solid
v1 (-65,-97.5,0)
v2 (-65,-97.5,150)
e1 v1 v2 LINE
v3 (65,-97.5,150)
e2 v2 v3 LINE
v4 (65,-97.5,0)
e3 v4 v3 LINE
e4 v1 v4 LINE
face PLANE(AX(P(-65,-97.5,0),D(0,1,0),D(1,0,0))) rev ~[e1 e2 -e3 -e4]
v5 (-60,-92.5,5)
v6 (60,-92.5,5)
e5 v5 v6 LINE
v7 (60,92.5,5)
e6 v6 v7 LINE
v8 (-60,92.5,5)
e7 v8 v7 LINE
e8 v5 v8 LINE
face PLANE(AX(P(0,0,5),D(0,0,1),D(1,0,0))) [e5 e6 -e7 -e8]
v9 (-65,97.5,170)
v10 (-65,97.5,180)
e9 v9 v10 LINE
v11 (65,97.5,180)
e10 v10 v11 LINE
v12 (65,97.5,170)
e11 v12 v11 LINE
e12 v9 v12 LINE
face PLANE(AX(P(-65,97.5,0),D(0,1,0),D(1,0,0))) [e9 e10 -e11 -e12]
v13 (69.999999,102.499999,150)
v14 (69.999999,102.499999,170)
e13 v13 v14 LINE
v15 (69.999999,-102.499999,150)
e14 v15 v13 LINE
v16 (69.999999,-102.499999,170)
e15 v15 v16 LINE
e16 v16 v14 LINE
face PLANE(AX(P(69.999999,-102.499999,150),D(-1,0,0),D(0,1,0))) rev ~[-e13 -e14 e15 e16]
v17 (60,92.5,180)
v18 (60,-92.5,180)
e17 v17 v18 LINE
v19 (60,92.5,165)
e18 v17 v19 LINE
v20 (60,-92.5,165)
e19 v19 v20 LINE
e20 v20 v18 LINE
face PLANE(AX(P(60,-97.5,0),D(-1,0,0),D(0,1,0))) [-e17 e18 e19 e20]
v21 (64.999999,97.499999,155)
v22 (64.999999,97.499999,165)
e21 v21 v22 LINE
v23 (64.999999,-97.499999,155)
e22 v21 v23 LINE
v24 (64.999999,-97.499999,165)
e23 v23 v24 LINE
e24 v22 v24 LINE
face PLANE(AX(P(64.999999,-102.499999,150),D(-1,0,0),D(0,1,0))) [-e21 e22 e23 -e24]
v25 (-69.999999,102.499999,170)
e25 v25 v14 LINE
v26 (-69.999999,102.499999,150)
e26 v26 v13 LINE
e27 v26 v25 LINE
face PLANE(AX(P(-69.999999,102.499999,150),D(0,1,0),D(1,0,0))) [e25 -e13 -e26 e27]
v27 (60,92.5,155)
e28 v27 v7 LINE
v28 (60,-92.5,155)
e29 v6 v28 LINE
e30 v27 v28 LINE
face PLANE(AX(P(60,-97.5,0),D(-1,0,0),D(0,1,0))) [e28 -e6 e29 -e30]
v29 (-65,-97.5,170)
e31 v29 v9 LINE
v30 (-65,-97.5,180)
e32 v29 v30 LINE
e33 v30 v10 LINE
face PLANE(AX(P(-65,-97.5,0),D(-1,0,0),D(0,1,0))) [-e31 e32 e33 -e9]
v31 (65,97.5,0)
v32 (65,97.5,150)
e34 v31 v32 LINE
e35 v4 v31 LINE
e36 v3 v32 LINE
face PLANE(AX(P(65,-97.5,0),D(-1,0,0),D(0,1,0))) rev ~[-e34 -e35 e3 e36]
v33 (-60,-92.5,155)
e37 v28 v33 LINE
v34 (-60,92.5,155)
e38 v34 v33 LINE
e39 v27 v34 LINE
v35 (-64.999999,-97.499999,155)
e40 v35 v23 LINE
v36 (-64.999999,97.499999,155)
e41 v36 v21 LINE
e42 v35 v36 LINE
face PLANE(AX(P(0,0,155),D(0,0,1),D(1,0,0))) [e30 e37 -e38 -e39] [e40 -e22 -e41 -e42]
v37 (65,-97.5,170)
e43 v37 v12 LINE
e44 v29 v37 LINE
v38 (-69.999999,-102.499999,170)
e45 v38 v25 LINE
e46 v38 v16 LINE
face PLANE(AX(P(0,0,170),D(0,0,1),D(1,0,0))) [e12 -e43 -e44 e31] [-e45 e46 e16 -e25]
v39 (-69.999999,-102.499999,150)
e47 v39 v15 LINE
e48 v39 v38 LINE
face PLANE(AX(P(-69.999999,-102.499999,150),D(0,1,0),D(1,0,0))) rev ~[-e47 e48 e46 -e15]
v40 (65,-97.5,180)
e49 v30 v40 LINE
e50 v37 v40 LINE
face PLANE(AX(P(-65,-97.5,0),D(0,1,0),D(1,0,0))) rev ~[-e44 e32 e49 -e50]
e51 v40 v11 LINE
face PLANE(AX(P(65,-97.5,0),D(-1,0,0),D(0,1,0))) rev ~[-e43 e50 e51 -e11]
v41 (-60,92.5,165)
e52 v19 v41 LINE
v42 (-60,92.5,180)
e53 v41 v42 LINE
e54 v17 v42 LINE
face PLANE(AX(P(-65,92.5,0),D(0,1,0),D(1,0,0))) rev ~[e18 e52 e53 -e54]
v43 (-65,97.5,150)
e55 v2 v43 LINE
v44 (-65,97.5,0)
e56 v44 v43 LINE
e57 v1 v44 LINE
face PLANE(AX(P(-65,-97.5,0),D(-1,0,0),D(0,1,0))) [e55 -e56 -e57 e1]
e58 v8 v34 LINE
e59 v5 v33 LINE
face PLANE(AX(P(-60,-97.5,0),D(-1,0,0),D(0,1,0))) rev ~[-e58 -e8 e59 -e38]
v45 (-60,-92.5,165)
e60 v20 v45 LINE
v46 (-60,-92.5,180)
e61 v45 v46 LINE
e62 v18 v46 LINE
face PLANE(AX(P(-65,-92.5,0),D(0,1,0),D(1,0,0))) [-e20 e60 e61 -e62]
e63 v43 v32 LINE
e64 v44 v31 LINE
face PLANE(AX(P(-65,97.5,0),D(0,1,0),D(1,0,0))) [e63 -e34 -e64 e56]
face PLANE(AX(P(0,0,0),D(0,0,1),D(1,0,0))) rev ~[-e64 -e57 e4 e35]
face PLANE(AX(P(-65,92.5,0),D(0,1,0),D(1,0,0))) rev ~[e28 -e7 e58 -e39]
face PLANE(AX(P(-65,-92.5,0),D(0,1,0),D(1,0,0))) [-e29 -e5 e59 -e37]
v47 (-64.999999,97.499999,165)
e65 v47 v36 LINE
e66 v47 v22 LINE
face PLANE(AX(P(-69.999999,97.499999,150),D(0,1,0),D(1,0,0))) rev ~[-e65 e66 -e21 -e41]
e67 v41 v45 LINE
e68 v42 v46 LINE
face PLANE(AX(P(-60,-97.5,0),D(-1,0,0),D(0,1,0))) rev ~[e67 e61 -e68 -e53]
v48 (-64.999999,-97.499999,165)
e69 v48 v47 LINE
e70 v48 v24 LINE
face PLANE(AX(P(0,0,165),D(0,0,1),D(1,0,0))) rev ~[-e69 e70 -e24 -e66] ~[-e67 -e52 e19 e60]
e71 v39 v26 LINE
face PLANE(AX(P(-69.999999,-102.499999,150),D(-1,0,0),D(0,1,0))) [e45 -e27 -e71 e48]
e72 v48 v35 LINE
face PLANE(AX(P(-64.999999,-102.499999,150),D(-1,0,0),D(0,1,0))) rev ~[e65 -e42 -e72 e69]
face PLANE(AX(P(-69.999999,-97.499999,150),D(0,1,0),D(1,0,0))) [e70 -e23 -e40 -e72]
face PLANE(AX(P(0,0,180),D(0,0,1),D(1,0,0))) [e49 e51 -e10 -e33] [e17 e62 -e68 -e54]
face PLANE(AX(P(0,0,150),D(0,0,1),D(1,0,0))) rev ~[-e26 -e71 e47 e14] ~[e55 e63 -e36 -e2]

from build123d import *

# Parameters (mm, degrees)
F0_W     = 130
F0_H     = 195
F2_DEPTH = 180
F3_START = 150
F1_W     = 139.9999979138
F1_H     = 204.9999979138
F3_DEPTH = 20
F4_T     = -5


with BuildPart() as f2:
    # F0 (on Top) → F2 (new body)
    with BuildSketch(Plane.XY):
        Rectangle(F0_W, F0_H)
    extrude(amount=F2_DEPTH)

    # F1 (on face) → F3 (join)
    with BuildSketch(Plane.XY.offset(F3_START)):
        Rectangle(F1_W, F1_H)
    extrude(amount=F3_DEPTH)

    # F4
    f4_openings = [f2.faces().sort_by_distance(p)[0] for p in [
        (0, 0, 180),
    ]]
    offset(amount=F4_T, openings=f4_openings, kind=Kind.INTERSECTION)


solid = f2.part
